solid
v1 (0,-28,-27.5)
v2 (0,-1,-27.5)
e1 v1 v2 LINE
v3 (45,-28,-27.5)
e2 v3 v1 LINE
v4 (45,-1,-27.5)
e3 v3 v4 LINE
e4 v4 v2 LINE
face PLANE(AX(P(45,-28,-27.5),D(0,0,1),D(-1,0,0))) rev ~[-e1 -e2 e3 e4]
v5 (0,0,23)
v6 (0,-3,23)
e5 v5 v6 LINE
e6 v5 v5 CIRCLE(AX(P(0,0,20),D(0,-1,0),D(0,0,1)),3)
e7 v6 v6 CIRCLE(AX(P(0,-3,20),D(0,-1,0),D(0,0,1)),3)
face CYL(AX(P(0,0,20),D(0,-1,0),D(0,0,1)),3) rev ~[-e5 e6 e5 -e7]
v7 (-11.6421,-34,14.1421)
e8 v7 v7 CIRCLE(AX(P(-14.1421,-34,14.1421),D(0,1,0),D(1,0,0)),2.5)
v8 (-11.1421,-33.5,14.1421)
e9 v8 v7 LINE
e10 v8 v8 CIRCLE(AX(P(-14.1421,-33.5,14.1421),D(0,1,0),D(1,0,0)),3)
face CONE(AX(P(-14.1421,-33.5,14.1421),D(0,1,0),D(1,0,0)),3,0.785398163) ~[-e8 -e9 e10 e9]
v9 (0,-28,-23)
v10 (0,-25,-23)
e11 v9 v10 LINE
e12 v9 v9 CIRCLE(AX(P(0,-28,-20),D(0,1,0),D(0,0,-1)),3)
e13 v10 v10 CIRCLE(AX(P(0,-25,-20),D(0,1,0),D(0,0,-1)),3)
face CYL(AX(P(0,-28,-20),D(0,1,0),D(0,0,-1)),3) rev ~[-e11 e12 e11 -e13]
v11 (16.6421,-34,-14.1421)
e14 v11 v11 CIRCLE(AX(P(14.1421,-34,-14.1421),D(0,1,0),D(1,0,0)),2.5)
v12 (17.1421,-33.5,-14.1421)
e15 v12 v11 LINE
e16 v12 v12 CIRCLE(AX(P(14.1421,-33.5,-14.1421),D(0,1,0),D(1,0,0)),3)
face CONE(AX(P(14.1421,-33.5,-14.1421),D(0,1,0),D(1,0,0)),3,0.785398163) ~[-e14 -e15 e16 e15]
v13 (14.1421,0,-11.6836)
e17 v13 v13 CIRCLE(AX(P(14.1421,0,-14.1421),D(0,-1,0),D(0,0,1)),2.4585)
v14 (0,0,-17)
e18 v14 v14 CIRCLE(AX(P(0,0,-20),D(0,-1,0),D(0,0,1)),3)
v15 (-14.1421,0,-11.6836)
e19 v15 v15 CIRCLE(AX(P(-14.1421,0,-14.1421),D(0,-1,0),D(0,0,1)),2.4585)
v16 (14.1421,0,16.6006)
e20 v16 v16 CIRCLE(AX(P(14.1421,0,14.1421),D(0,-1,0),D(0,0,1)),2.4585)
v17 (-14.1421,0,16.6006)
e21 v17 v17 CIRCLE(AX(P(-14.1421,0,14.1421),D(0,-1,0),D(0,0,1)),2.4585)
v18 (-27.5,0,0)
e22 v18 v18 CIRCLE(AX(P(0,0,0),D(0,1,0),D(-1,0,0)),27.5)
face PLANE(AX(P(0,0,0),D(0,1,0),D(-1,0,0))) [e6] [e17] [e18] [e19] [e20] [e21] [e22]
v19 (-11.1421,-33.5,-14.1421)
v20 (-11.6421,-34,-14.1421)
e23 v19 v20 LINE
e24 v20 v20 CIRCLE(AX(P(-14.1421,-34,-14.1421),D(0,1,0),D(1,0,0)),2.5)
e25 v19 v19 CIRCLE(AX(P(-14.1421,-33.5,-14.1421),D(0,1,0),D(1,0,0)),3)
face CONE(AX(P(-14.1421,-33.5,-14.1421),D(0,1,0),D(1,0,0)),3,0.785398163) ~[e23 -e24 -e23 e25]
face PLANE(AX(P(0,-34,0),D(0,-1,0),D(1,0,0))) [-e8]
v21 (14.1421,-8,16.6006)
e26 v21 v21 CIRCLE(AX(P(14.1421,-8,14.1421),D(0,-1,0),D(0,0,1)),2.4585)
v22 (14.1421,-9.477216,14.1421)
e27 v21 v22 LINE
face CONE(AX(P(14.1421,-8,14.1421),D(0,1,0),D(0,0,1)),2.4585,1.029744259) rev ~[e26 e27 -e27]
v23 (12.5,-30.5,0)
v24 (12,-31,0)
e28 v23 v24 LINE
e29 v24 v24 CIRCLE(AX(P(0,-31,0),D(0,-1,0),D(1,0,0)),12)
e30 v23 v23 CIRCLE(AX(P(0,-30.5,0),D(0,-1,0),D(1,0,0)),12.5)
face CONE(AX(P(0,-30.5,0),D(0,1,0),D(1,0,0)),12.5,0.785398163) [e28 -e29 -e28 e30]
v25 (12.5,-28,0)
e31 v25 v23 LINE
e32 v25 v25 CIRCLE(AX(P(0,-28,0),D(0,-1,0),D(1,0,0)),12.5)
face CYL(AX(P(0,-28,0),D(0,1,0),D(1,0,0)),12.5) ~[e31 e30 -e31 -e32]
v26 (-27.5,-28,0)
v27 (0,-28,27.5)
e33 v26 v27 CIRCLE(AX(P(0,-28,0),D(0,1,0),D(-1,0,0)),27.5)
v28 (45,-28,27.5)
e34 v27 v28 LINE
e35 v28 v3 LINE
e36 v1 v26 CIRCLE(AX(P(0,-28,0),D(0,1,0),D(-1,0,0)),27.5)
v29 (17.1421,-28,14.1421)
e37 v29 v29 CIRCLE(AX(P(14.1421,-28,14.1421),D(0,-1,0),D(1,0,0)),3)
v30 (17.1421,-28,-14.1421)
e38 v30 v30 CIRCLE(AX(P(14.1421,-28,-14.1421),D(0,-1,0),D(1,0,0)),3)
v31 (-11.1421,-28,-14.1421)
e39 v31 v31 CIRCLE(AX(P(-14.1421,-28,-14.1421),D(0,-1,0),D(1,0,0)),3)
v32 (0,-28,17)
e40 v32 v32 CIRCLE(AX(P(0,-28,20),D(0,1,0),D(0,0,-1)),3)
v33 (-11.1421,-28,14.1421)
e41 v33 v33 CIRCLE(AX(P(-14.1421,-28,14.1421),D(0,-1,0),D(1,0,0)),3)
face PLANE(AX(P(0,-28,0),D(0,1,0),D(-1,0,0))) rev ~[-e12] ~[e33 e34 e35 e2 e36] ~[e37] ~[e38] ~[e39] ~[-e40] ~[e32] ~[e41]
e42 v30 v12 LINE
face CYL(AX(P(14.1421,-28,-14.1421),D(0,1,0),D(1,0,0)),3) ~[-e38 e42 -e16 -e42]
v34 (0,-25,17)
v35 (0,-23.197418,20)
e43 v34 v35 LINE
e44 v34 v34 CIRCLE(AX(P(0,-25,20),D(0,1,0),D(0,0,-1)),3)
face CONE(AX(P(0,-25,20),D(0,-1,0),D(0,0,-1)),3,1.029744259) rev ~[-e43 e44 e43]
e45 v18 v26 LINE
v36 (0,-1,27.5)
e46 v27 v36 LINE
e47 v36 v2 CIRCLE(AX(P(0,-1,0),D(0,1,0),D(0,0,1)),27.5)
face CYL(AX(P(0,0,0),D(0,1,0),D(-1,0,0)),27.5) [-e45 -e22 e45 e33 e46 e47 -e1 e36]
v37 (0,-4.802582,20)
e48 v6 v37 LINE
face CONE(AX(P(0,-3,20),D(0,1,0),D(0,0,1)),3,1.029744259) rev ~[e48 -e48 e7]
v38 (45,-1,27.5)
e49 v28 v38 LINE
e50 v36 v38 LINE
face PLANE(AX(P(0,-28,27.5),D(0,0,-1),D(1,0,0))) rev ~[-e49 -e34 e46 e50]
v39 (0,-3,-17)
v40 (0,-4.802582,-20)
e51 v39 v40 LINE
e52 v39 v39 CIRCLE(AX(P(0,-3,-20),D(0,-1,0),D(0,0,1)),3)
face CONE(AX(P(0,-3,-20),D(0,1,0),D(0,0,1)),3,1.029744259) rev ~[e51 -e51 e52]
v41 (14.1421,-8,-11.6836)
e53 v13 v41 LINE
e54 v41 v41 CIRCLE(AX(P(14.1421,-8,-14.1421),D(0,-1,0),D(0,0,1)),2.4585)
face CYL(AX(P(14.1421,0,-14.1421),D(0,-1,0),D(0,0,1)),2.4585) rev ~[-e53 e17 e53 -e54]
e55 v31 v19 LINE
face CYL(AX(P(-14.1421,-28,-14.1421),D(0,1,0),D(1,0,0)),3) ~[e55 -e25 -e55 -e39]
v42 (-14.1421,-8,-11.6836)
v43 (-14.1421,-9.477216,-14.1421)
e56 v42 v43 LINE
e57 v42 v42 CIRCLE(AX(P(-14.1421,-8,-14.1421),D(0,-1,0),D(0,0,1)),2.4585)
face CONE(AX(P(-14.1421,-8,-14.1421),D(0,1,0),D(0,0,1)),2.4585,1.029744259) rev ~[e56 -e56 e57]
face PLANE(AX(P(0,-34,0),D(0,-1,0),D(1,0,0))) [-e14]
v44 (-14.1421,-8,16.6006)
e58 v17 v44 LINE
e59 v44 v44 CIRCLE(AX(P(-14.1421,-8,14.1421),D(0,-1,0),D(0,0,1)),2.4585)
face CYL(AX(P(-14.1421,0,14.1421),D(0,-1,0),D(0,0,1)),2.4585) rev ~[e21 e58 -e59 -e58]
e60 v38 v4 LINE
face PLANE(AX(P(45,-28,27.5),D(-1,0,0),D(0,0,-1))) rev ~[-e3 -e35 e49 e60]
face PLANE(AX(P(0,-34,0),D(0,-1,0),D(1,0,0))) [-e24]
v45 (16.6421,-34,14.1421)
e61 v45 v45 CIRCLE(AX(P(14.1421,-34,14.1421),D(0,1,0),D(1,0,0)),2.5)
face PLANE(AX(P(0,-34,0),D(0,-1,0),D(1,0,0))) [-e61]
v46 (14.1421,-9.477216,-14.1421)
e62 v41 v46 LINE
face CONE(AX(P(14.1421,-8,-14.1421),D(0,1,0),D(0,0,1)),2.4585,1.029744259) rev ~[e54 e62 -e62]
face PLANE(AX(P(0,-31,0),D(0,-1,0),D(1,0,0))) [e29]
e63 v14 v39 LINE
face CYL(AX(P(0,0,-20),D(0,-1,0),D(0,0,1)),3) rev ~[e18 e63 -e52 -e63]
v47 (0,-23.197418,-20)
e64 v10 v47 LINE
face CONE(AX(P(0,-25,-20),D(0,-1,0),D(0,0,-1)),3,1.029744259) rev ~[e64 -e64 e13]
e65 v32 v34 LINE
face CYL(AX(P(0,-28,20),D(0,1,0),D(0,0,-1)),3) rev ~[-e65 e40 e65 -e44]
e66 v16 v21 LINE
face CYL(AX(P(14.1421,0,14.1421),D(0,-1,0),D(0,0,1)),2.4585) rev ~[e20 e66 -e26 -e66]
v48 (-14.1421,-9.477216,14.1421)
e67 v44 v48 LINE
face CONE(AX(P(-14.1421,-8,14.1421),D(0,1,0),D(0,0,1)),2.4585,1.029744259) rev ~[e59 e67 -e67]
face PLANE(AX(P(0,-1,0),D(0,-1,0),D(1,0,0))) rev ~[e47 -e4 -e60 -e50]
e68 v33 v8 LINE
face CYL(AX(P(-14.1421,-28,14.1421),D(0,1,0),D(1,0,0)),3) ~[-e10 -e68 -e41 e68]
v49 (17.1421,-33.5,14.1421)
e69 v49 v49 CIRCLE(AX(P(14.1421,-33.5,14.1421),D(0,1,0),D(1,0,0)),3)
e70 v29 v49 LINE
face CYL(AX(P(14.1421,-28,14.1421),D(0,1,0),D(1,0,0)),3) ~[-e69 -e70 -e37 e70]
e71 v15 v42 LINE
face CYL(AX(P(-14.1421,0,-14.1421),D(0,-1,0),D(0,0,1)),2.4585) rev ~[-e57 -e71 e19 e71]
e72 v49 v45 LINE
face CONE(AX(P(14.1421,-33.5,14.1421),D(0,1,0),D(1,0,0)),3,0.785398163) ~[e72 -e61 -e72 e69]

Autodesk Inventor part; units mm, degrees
ref_plane "YZ Plane" through (0, 0, 0) normal (1, 0, 0) x (0, 1, 0)
ref_plane "XZ Plane" through (0, 0, 0) normal (0, 1, 0) x (-1, 0, 0)
ref_plane "XY Plane" through (0, 0, 0) normal (0, 0, 1) x (1, 0, 0)
sketch "Sketch1" plane through (0, 0, 0) normal (0, 1, 0) x (-1, 0, 0)
  circle A0 centre (0, 0) radius 27.5
  point P0 (20, 0)
  point P1 (14.1421, 14.1421)
  point P2 (0, 20)
  point P3 (-14.1421, 14.1421)
  point P4 (-20, 0)
  point P5 (-14.1421, -14.1421)
  point P6 (0, -20)
  point P7 (14.1421, -14.1421)
  dimension "d0" = 55
  dimension "d19" = 20
  dimension "d22" = 360
extrude "Extrusion1" add sketch "Sketch1" against normal blind 28
sketch "Sketch2" plane through (0, -28, 0) normal (0, -1, 0) x (1, 0, 0)
  circle A0 centre (0, 0) radius 27.5 projected
  line L0 (0, 27.5) -> (45, 27.5)
  line L1 (45, 27.5) -> (45, -27.5)
  line L2 (45, -27.5) -> (0, -27.5)
  dimension "d15" = 45
  dimension "d16" = 55
extrude "Extrusion2" add sketch "Sketch2" against normal blind 27 contours A0 L0 L1 L2
hole "Hole1" at (0, 0, 20) at (0, 0, -20) direction (0, -1, 0) diameter 6 depth 3 tip angle 118
hole "Hole2" at (-14.1421, 0, 14.1421) at (14.1421, 0, 14.1421) at (14.1421, 0, -14.1421) at (-14.1421, 0, -14.1421) direction (0, -1, 0) diameter 4.917 depth 8 tip angle 118 thread size "M6x1" class "6H" standard "ANSI Metric M Profile"
sketch "Sketch3" plane through (0, -28, 0) normal (0, -1, 0) x (1, 0, 0)
  arc A0 (0, 27.5) -> (0, -27.5) centre (0, 0) ccw projected
  circle A1 centre (0, 0) radius 12.5
  circle A2 centre (0, 0) radius 20
  circle A3 centre (20, 0) radius 3
  circle A4 centre (14.1421, 14.1421) radius 3
  circle A5 centre (0, 20) radius 3
  circle A6 centre (-14.1421, 14.1421) radius 3
  circle A7 centre (-20, 0) radius 3
  circle A8 centre (-14.1421, -14.1421) radius 3
  circle A9 centre (0, -20) radius 3
  circle A10 centre (14.1421, -14.1421) radius 3
  dimension "d44" = 40
  dimension "d38" = 25
  dimension "d45" = 6
  dimension "d48" = 360
extrude "Extrusion3" add sketch "Sketch3" along normal blind 3 contours A1
chamfer "Chamfer1" distance 0.5 angle 45 1 edges at (-12.5, -31, 0)
extrude "Extrusion4" add sketch "Sketch3" along normal blind 6 contours A4 A2 | A2 A4 | A10 A2 | A2 A10 | A6 A2 | A2 A6 | A8 A2 | A2 A8
thread "Thread1" size "M6x1" class "6g" standard "ANSI Metric M Profile" full length
thread "Thread2" size "M6x1" class "6g" standard "ANSI Metric M Profile" full length
thread "Thread3" size "M6x1" class "6g" standard "ANSI Metric M Profile" full length
thread "Thread4" size "M6x1" class "6g" standard "ANSI Metric M Profile" full length
chamfer "Chamfer2" distance 0.5 angle 45 1 edges at (-17.1421, -34, -14.1421)
chamfer "Chamfer3" distance 0.5 angle 45 1 edges at (-17.1421, -34, 14.1421)
chamfer "Chamfer4" distance 0.5 angle 45 1 edges at (11.1421, -34, 14.1421)
chamfer "Chamfer5" distance 0.5 angle 45 1 edges at (11.1421, -34, -14.1421)
hole "Hole3" at (0, -28, 20) at (0, -28, -20) direction (0, 1, 0) diameter 6 depth 3 tip angle 118
properties part number "CFS055CA501U"
